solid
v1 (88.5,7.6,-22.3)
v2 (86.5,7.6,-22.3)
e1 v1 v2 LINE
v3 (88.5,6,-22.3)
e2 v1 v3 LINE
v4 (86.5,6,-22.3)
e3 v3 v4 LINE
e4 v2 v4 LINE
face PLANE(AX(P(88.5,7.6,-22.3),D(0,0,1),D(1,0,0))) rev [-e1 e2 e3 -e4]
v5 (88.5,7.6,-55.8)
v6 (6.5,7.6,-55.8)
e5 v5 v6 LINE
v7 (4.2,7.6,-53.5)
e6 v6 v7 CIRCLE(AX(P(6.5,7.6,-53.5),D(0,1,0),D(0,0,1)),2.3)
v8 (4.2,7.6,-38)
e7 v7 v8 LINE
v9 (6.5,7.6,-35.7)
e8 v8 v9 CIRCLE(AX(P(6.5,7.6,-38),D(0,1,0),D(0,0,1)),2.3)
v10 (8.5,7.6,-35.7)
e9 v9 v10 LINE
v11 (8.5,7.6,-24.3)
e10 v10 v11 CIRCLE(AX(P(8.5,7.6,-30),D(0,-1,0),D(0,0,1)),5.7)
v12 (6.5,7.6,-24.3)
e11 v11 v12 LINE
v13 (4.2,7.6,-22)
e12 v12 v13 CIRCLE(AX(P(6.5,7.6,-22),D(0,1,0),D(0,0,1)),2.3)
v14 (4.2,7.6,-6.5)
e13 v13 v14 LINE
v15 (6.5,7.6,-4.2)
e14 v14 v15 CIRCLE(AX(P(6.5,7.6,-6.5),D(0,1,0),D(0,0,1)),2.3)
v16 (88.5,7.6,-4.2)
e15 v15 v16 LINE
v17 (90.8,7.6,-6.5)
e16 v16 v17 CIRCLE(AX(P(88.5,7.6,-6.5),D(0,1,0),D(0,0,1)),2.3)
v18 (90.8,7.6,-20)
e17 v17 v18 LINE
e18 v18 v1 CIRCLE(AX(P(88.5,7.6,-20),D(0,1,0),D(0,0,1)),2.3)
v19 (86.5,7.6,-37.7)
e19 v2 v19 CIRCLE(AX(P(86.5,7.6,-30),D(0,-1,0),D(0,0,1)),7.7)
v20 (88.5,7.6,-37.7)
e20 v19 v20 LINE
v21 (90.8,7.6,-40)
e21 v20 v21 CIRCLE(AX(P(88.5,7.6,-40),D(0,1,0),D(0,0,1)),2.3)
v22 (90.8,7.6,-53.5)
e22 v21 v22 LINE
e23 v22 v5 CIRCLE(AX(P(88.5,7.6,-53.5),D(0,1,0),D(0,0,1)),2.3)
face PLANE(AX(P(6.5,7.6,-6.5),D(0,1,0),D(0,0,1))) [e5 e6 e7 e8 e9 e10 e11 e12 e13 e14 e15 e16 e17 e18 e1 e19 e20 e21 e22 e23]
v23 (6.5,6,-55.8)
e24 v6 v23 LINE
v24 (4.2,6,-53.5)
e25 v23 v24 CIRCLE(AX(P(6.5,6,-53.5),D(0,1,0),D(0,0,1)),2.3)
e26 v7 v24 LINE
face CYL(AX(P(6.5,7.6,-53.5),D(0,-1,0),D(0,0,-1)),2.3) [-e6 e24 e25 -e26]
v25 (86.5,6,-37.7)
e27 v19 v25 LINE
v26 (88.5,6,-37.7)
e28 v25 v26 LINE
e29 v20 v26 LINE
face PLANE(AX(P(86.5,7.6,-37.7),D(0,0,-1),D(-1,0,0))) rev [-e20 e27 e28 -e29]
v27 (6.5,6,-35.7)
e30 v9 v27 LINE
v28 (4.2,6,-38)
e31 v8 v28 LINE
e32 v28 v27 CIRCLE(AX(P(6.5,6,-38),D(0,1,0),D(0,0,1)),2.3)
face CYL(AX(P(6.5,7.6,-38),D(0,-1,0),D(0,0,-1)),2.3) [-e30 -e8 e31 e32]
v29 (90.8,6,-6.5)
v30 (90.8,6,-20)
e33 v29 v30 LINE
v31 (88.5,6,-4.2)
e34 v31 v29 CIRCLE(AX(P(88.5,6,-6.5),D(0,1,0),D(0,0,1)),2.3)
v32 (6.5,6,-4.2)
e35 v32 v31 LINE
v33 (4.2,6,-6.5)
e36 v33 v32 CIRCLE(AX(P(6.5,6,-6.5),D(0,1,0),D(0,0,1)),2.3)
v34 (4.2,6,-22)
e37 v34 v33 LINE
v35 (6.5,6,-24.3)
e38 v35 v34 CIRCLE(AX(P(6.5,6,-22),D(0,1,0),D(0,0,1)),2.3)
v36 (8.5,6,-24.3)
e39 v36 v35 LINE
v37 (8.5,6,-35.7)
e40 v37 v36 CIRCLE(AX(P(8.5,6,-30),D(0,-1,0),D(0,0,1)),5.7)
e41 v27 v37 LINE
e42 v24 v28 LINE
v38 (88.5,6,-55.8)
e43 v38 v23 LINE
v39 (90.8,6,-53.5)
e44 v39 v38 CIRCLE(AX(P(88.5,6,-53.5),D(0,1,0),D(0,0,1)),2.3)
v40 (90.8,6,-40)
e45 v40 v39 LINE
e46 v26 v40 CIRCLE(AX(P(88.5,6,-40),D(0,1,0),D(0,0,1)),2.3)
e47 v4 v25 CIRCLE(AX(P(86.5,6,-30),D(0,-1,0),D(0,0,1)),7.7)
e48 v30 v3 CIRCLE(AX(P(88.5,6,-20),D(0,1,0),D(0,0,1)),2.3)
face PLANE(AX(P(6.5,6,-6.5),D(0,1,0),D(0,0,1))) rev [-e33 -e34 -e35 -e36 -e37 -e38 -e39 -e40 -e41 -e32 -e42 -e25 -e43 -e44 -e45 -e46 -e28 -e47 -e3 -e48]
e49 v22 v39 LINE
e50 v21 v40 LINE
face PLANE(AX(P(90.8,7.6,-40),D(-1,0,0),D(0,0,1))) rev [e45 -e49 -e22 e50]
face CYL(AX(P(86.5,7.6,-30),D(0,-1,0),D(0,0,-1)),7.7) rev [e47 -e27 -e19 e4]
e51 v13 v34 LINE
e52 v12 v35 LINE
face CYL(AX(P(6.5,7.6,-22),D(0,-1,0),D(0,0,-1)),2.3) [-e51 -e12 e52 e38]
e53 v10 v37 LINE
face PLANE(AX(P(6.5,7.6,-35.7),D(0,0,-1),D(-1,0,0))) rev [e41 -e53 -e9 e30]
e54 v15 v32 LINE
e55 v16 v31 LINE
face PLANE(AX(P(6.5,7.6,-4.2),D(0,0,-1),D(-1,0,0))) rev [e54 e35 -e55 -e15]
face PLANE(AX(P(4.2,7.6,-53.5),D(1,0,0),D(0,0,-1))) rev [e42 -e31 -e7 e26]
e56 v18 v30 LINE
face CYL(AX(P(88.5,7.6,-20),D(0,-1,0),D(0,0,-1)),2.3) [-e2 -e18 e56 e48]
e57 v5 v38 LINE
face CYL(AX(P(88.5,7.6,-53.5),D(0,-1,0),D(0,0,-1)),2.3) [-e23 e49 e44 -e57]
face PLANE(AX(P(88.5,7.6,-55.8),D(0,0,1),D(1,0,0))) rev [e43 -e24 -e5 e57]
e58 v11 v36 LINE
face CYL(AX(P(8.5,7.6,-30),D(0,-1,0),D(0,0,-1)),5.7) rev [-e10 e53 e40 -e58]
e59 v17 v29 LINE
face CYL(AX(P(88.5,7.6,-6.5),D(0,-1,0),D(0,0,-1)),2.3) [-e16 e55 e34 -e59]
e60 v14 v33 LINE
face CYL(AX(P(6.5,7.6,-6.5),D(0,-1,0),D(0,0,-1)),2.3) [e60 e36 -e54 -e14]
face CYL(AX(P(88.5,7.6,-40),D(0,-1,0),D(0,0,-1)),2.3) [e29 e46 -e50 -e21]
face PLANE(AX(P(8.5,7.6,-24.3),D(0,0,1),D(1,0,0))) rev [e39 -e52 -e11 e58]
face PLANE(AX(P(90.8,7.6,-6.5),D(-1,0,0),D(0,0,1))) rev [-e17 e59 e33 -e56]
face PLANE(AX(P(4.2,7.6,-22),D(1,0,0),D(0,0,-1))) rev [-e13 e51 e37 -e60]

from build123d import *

# Parameters (mm, degrees)
SKETCH1_W           = 95
SKETCH1_H           = 60
BOSS_EXTRUDE1_DEPTH = 6
SKETCH6_R           = 3.5
SKETCH6_R_2         = 1.5
CUT_EXTRUDE3_DEPTH  = 113.521109131
CUT_EXTRUDE1_DEPTH  = 113.521109131
FILLET3_R           = 1.5
SKETCH7_W           = 8.5
SKETCH7_H           = 3
SKETCH7_H_2         = 7
CUT_EXTRUDE4_DEPTH  = 113.521109131
FILLET4_R           = 5
FILLET5_R           = 1.5
BOSS_EXTRUDE2_DEPTH = 1.6
SKETCH10_W          = 102.175429208
SKETCH10_H          = 24.243237214
CUT_EXTRUDE6_DEPTH  = 113.617760589


with BuildPart() as part:
    # Sketch1 → Boss-Extrude1 (new body)
    with BuildSketch(Plane(origin=(0, 0, 0), x_dir=(1, 0, 0), z_dir=(0, 1, 0))):
        with Locations((47.5, 30)):
            Rectangle(SKETCH1_W, SKETCH1_H)
    extrude(amount=BOSS_EXTRUDE1_DEPTH)

    # Sketch6 → Cut-Extrude3 (cut, through all)
    with BuildSketch(Plane.XZ):
        with Locations((86.5, -30)):
            Circle(SKETCH6_R)
        with Locations((8.5, -30)):
            Circle(SKETCH6_R_2)
    extrude(amount=-CUT_EXTRUDE3_DEPTH, mode=Mode.SUBTRACT)

    # Sketch2 → Cut-Extrude1 (cut, through all)
    with BuildSketch(Plane(origin=(0, 6, 0), x_dir=(-1, 0, 0), z_dir=(0, 1, 0))):
        with BuildLine():
            Line((-8.5, -36.5), (-5, -36.5))
            Line((-5, -36.5), (-5, -55))
            Line((-5, -55), (-90, -55))
            Line((-90, -55), (-90, -38.5))
            Line((-90, -38.5), (-86.5, -38.5))
            ThreePointArc((-86.5, -38.5), (-78, -30), (-86.5, -21.5))
            Line((-86.5, -21.5), (-90, -21.5))
            Line((-90, -21.5), (-90, -5))
            Line((-90, -5), (-5, -5))
            Line((-5, -5), (-5, -23.5))
            Line((-5, -23.5), (-8.5, -23.5))
            ThreePointArc((-8.5, -23.5), (-15, -30), (-8.5, -36.5))
        make_face()
    extrude(amount=-CUT_EXTRUDE1_DEPTH, mode=Mode.SUBTRACT)

    # Fillet3
    fillet3_edges = [part.edges().sort_by_distance(p)[0] for p in [
        (90, 3, -55),
    ]]
    fillet(fillet3_edges, radius=FILLET3_R)

    # Sketch7 → Cut-Extrude4 (cut, through all)
    with BuildSketch(Plane(origin=(0, 6, 0), x_dir=(-1, 0, 0), z_dir=(0, 1, 0))):
        with Locations((-4.25, -30)):
            Rectangle(SKETCH7_W, SKETCH7_H)
        with Locations((-90.75, -30)):
            Rectangle(SKETCH7_W, SKETCH7_H_2)
    extrude(amount=-CUT_EXTRUDE4_DEPTH, mode=Mode.SUBTRACT)

    # Fillet4
    fillet4_edges = [part.edges().sort_by_distance(p)[0] for p in [
        (95, 3, -33.5),
        (0, 3, 0),
        (0, 3, -28.5),
        (0, 3, -31.5),
        (0, 3, -60),
        (95, 3, -60),
        (95, 3, -26.5),
        (95, 3, 0),
    ]]
    fillet(fillet4_edges, radius=FILLET4_R)

    # Fillet5
    fillet5_edges = [part.edges().sort_by_distance(p)[0] for p in [
        (90, 3, -38.5),
        (90, 3, -5),
        (90, 3, -21.5),
        (5, 3, -5),
        (5, 3, -36.5),
        (5, 3, -23.5),
        (5, 3, -55),
    ]]
    fillet(fillet5_edges, radius=FILLET5_R)

    # Sketch9 → Boss-Extrude2 (add)
    with BuildSketch(Plane(origin=(0, 6, 0), x_dir=(1, 0, 0), z_dir=(0, 1, 0))):
        with BuildLine():
            Line((6.5, 4.2), (88.5, 4.2))
            ThreePointArc((88.5, 4.2), (90.126345597, 4.873654403), (90.8, 6.5))
            Line((90.8, 6.5), (90.8, 20))
            ThreePointArc((90.8, 20), (90.126345597, 21.626345597), (88.5, 22.3))
            Line((88.5, 22.3), (86.5, 22.3))
            ThreePointArc((86.5, 22.3), (78.8, 30), (86.5, 37.7))
            Line((86.5, 37.7), (88.5, 37.7))
            ThreePointArc((88.5, 37.7), (90.126345597, 38.373654403), (90.8, 40))
            Line((90.8, 40), (90.8, 53.5))
            ThreePointArc((90.8, 53.5), (90.126345597, 55.126345597), (88.5, 55.8))
            Line((88.5, 55.8), (6.5, 55.8))
            ThreePointArc((6.5, 55.8), (4.873654403, 55.126345597), (4.2, 53.5))
            Line((4.2, 53.5), (4.2, 38))
            ThreePointArc((4.2, 38), (4.873654403, 36.373654403), (6.5, 35.7))
            Line((6.5, 35.7), (8.5, 35.7))
            ThreePointArc((8.5, 35.7), (14.2, 30), (8.5, 24.3))
            Line((8.5, 24.3), (6.5, 24.3))
            ThreePointArc((6.5, 24.3), (4.873654403, 23.626345597), (4.2, 22))
            Line((4.2, 22), (4.2, 6.5))
            ThreePointArc((4.2, 6.5), (4.873654403, 4.873654403), (6.5, 4.2))
        make_face()
    extrude(amount=BOSS_EXTRUDE2_DEPTH)

    # Sketch10 → Cut-Extrude6 (cut, through all)
    with BuildSketch(Plane.XY):
        with Locations((51.087714604, -6.121618607)):
            Rectangle(SKETCH10_W, SKETCH10_H)
    extrude(amount=-CUT_EXTRUDE6_DEPTH, mode=Mode.SUBTRACT)


solid = part.part
